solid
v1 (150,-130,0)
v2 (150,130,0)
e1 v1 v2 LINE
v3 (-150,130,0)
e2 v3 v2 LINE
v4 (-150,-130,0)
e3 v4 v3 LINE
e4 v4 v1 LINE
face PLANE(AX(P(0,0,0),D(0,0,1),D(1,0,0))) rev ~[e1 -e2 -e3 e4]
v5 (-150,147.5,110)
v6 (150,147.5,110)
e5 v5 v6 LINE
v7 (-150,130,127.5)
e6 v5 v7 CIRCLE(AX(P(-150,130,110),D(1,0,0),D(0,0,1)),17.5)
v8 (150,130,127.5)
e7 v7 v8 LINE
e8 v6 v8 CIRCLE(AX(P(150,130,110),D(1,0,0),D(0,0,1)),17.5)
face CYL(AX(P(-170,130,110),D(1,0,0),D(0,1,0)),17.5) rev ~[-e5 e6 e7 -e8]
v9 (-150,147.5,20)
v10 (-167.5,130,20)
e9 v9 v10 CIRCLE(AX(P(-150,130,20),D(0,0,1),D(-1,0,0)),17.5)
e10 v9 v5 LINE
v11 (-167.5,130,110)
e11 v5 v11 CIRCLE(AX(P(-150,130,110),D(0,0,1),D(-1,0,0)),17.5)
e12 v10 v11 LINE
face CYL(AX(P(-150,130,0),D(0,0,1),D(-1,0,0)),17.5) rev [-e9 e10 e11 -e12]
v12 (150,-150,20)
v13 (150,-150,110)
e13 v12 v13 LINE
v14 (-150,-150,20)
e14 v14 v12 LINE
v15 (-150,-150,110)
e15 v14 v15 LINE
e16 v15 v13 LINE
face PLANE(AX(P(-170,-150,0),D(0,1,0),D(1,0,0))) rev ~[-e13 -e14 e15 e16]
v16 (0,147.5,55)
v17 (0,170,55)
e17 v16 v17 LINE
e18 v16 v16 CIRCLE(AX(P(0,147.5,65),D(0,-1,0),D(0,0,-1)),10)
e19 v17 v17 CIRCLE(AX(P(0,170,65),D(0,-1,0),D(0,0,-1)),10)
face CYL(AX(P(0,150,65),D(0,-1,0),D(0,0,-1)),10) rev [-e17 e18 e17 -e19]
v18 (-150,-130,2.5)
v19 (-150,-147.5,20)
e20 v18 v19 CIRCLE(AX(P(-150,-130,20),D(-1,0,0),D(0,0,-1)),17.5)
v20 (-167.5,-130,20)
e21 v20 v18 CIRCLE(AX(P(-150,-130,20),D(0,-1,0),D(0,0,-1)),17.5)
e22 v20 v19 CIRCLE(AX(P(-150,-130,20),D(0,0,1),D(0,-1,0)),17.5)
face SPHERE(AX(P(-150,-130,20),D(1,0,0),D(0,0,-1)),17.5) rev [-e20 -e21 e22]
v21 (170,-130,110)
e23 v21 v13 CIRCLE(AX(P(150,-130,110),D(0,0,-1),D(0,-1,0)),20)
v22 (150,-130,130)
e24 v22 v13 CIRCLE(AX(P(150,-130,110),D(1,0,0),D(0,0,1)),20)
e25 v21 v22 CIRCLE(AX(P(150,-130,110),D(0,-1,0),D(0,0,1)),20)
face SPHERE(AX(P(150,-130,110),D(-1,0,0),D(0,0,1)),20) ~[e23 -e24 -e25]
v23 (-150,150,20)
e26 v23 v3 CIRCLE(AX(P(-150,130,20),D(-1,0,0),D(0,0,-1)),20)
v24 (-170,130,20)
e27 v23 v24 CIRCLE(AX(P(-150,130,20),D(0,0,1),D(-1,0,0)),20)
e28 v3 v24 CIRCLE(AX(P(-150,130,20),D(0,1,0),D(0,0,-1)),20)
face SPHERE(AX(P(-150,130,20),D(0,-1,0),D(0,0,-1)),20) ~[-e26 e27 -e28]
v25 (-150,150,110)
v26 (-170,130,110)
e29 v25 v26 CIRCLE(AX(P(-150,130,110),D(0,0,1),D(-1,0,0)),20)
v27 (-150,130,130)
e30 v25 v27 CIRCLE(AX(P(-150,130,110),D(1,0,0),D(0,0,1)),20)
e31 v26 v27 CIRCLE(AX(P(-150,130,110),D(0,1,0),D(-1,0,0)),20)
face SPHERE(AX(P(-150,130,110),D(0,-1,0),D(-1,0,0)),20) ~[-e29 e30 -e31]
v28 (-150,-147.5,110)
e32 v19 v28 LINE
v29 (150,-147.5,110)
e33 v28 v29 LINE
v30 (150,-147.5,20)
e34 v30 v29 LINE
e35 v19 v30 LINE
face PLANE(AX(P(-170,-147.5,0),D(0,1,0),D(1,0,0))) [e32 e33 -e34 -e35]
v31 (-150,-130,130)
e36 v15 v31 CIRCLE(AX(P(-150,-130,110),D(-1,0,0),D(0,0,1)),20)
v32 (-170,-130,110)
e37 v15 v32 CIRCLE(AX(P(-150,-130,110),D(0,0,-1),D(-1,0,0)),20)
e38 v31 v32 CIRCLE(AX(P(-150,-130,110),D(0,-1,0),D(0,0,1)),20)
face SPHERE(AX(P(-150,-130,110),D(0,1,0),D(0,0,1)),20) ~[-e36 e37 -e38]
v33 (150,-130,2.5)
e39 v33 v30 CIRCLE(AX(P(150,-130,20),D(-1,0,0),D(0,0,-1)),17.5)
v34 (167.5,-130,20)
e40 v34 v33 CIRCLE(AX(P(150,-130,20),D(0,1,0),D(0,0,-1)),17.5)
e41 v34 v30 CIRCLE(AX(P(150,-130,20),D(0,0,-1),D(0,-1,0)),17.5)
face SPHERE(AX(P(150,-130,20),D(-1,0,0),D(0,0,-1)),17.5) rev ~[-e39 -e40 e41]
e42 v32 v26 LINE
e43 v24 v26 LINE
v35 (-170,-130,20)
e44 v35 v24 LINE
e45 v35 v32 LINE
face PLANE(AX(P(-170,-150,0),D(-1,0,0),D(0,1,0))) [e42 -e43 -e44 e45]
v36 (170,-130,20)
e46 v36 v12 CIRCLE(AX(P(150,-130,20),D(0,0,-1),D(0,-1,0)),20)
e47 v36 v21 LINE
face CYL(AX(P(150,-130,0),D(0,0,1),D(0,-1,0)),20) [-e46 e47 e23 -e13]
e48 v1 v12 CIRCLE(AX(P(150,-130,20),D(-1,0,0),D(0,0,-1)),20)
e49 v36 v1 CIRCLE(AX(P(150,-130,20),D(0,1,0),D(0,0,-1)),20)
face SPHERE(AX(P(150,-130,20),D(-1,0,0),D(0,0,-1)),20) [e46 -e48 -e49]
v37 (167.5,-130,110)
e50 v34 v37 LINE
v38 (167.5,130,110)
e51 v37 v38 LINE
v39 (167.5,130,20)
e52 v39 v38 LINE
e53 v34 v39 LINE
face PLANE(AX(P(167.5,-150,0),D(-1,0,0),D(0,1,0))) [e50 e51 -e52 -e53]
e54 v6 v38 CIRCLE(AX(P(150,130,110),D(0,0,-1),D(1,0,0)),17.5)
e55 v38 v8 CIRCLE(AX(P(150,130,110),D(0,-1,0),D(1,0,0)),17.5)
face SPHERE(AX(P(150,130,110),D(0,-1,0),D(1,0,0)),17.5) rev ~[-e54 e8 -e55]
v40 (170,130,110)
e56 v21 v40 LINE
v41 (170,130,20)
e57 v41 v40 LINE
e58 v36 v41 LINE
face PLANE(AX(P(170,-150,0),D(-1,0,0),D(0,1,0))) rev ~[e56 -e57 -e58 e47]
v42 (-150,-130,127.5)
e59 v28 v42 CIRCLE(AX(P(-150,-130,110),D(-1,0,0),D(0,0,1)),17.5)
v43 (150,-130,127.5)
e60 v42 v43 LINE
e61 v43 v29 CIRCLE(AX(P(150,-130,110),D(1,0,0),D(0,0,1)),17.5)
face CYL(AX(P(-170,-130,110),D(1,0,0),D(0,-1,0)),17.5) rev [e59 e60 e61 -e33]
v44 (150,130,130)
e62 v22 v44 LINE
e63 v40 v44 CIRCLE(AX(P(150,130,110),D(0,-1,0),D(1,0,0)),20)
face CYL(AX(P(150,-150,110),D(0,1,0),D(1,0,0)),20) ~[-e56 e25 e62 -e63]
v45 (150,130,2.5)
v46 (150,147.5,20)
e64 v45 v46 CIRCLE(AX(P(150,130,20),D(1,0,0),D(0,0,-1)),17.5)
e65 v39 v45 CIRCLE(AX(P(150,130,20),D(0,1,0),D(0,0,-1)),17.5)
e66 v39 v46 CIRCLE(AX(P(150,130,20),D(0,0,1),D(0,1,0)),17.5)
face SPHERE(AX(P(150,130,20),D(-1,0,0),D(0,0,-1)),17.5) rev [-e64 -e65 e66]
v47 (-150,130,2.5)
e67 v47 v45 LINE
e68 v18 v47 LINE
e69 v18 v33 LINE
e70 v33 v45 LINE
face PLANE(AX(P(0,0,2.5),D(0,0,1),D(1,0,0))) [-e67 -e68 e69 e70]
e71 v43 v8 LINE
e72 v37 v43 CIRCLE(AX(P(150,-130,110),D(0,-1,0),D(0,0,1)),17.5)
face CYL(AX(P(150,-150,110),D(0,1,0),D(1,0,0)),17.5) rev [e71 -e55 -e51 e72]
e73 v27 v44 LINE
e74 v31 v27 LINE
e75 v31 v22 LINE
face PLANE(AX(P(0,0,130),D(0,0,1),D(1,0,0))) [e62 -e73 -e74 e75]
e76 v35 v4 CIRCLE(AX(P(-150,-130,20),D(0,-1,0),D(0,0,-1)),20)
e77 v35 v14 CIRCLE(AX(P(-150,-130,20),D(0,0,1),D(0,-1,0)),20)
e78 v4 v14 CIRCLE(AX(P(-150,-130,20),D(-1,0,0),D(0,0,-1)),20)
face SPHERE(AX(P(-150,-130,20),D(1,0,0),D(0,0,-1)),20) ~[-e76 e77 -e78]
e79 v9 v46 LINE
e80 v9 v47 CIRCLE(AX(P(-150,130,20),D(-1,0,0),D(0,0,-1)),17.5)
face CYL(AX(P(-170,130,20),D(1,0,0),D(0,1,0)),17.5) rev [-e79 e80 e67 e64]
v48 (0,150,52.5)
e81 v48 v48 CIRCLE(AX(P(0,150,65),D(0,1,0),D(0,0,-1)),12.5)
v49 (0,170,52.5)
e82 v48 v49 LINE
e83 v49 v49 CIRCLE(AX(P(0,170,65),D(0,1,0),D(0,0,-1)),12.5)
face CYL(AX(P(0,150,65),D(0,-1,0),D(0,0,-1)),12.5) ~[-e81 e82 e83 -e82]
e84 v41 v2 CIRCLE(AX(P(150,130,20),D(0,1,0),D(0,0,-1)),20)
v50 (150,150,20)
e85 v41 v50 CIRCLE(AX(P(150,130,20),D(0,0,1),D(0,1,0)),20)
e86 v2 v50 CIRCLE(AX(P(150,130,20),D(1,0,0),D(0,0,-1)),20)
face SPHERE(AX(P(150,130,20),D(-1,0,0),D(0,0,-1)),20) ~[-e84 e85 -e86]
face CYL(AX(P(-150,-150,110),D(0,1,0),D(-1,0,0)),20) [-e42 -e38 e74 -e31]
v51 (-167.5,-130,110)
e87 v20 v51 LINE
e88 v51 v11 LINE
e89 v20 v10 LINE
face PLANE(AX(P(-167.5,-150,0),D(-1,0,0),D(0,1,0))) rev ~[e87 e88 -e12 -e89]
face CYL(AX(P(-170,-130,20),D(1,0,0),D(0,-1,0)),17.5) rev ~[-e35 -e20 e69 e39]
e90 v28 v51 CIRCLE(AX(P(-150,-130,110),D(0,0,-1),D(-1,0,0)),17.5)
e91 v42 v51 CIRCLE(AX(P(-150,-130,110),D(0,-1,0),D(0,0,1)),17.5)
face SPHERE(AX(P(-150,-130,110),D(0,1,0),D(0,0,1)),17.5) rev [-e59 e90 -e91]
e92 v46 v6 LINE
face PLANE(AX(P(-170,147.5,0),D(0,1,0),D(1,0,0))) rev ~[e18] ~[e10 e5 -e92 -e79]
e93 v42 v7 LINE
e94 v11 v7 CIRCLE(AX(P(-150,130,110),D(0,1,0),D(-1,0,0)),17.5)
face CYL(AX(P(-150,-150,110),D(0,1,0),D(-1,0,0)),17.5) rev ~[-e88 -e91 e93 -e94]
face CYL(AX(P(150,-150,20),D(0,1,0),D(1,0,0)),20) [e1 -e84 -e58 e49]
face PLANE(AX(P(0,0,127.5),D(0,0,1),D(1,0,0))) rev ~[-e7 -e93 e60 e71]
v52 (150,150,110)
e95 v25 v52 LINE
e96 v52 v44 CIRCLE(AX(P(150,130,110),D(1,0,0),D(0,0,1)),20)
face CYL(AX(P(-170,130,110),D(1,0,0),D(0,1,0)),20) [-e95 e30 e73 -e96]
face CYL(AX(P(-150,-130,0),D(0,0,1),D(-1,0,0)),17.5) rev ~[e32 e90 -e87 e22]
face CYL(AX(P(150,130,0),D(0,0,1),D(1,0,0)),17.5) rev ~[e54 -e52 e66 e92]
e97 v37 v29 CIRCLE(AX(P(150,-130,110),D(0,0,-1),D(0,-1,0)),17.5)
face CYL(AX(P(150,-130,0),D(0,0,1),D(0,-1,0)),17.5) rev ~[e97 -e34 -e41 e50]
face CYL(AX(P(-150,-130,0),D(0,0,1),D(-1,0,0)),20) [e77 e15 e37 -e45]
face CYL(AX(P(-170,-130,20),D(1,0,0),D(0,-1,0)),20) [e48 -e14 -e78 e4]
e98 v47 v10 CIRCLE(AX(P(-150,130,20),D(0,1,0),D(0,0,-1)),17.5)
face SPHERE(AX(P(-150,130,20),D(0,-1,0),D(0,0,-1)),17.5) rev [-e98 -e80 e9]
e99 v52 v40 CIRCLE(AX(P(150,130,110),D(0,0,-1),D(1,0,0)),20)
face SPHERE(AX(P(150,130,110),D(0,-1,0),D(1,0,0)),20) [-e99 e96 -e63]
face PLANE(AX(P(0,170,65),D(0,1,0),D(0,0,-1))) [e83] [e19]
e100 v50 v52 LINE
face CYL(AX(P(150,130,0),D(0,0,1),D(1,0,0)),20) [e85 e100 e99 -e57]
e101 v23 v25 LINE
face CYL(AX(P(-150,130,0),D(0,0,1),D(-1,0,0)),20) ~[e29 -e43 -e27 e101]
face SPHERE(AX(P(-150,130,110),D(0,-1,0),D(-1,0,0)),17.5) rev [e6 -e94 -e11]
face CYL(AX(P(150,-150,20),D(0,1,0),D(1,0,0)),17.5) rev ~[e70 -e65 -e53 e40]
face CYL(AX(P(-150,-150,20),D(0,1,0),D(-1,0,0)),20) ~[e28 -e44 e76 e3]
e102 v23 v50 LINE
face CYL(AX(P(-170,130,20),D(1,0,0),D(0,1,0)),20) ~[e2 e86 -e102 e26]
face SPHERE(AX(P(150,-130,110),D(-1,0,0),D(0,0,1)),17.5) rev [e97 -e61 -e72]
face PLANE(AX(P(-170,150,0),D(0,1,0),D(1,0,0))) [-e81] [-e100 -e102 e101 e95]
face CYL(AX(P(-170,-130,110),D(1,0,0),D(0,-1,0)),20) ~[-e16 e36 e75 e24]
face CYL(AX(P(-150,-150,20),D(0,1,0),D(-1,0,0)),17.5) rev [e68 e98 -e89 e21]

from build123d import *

# Parameters (mm, degrees)
SKETCH1_W           = 340
SKETCH1_H           = 300
BOSS_EXTRUDE1_DEPTH = 130
FILLET1_R           = 20
SKETCH2_R           = 12.5
BOSS_EXTRUDE2_DEPTH = 20
SHELL2_T            = -2.5


with BuildPart() as part:
    # Sketch1 → Boss-Extrude1 (new body)
    with BuildSketch(Plane.XY):
        Rectangle(SKETCH1_W, SKETCH1_H)
    extrude(amount=BOSS_EXTRUDE1_DEPTH)

    # Fillet1
    fillet1_edges = [part.edges().sort_by_distance(p)[0] for p in [
        (-170, 0, 130),
        (0, -150, 130),
        (170, 0, 130),
        (0, -150, 0),
        (-170, 0, 0),
        (0, 150, 0),
        (170, 0, 0),
        (170, -150, 65),
        (-170, -150, 65),
        (-170, 150, 65),
        (170, 150, 65),
        (0, 150, 130),
    ]]
    fillet(fillet1_edges, radius=FILLET1_R)

    # Sketch2 → Boss-Extrude2 (add)
    with BuildSketch(Plane(origin=(0, 150, 0), x_dir=(1, 0, 0), z_dir=(0, 1, 0))):
        with Locations(Location((0, -65, 0), (0, 0, 90))):
            Circle(SKETCH2_R)
    extrude(amount=BOSS_EXTRUDE2_DEPTH)

    # Shell2
    shell2_openings = [part.faces().sort_by_distance(p)[0] for p in [
        (0, 170, 65),
    ]]
    offset(amount=SHELL2_T, openings=shell2_openings, kind=Kind.INTERSECTION)


solid = part.part
